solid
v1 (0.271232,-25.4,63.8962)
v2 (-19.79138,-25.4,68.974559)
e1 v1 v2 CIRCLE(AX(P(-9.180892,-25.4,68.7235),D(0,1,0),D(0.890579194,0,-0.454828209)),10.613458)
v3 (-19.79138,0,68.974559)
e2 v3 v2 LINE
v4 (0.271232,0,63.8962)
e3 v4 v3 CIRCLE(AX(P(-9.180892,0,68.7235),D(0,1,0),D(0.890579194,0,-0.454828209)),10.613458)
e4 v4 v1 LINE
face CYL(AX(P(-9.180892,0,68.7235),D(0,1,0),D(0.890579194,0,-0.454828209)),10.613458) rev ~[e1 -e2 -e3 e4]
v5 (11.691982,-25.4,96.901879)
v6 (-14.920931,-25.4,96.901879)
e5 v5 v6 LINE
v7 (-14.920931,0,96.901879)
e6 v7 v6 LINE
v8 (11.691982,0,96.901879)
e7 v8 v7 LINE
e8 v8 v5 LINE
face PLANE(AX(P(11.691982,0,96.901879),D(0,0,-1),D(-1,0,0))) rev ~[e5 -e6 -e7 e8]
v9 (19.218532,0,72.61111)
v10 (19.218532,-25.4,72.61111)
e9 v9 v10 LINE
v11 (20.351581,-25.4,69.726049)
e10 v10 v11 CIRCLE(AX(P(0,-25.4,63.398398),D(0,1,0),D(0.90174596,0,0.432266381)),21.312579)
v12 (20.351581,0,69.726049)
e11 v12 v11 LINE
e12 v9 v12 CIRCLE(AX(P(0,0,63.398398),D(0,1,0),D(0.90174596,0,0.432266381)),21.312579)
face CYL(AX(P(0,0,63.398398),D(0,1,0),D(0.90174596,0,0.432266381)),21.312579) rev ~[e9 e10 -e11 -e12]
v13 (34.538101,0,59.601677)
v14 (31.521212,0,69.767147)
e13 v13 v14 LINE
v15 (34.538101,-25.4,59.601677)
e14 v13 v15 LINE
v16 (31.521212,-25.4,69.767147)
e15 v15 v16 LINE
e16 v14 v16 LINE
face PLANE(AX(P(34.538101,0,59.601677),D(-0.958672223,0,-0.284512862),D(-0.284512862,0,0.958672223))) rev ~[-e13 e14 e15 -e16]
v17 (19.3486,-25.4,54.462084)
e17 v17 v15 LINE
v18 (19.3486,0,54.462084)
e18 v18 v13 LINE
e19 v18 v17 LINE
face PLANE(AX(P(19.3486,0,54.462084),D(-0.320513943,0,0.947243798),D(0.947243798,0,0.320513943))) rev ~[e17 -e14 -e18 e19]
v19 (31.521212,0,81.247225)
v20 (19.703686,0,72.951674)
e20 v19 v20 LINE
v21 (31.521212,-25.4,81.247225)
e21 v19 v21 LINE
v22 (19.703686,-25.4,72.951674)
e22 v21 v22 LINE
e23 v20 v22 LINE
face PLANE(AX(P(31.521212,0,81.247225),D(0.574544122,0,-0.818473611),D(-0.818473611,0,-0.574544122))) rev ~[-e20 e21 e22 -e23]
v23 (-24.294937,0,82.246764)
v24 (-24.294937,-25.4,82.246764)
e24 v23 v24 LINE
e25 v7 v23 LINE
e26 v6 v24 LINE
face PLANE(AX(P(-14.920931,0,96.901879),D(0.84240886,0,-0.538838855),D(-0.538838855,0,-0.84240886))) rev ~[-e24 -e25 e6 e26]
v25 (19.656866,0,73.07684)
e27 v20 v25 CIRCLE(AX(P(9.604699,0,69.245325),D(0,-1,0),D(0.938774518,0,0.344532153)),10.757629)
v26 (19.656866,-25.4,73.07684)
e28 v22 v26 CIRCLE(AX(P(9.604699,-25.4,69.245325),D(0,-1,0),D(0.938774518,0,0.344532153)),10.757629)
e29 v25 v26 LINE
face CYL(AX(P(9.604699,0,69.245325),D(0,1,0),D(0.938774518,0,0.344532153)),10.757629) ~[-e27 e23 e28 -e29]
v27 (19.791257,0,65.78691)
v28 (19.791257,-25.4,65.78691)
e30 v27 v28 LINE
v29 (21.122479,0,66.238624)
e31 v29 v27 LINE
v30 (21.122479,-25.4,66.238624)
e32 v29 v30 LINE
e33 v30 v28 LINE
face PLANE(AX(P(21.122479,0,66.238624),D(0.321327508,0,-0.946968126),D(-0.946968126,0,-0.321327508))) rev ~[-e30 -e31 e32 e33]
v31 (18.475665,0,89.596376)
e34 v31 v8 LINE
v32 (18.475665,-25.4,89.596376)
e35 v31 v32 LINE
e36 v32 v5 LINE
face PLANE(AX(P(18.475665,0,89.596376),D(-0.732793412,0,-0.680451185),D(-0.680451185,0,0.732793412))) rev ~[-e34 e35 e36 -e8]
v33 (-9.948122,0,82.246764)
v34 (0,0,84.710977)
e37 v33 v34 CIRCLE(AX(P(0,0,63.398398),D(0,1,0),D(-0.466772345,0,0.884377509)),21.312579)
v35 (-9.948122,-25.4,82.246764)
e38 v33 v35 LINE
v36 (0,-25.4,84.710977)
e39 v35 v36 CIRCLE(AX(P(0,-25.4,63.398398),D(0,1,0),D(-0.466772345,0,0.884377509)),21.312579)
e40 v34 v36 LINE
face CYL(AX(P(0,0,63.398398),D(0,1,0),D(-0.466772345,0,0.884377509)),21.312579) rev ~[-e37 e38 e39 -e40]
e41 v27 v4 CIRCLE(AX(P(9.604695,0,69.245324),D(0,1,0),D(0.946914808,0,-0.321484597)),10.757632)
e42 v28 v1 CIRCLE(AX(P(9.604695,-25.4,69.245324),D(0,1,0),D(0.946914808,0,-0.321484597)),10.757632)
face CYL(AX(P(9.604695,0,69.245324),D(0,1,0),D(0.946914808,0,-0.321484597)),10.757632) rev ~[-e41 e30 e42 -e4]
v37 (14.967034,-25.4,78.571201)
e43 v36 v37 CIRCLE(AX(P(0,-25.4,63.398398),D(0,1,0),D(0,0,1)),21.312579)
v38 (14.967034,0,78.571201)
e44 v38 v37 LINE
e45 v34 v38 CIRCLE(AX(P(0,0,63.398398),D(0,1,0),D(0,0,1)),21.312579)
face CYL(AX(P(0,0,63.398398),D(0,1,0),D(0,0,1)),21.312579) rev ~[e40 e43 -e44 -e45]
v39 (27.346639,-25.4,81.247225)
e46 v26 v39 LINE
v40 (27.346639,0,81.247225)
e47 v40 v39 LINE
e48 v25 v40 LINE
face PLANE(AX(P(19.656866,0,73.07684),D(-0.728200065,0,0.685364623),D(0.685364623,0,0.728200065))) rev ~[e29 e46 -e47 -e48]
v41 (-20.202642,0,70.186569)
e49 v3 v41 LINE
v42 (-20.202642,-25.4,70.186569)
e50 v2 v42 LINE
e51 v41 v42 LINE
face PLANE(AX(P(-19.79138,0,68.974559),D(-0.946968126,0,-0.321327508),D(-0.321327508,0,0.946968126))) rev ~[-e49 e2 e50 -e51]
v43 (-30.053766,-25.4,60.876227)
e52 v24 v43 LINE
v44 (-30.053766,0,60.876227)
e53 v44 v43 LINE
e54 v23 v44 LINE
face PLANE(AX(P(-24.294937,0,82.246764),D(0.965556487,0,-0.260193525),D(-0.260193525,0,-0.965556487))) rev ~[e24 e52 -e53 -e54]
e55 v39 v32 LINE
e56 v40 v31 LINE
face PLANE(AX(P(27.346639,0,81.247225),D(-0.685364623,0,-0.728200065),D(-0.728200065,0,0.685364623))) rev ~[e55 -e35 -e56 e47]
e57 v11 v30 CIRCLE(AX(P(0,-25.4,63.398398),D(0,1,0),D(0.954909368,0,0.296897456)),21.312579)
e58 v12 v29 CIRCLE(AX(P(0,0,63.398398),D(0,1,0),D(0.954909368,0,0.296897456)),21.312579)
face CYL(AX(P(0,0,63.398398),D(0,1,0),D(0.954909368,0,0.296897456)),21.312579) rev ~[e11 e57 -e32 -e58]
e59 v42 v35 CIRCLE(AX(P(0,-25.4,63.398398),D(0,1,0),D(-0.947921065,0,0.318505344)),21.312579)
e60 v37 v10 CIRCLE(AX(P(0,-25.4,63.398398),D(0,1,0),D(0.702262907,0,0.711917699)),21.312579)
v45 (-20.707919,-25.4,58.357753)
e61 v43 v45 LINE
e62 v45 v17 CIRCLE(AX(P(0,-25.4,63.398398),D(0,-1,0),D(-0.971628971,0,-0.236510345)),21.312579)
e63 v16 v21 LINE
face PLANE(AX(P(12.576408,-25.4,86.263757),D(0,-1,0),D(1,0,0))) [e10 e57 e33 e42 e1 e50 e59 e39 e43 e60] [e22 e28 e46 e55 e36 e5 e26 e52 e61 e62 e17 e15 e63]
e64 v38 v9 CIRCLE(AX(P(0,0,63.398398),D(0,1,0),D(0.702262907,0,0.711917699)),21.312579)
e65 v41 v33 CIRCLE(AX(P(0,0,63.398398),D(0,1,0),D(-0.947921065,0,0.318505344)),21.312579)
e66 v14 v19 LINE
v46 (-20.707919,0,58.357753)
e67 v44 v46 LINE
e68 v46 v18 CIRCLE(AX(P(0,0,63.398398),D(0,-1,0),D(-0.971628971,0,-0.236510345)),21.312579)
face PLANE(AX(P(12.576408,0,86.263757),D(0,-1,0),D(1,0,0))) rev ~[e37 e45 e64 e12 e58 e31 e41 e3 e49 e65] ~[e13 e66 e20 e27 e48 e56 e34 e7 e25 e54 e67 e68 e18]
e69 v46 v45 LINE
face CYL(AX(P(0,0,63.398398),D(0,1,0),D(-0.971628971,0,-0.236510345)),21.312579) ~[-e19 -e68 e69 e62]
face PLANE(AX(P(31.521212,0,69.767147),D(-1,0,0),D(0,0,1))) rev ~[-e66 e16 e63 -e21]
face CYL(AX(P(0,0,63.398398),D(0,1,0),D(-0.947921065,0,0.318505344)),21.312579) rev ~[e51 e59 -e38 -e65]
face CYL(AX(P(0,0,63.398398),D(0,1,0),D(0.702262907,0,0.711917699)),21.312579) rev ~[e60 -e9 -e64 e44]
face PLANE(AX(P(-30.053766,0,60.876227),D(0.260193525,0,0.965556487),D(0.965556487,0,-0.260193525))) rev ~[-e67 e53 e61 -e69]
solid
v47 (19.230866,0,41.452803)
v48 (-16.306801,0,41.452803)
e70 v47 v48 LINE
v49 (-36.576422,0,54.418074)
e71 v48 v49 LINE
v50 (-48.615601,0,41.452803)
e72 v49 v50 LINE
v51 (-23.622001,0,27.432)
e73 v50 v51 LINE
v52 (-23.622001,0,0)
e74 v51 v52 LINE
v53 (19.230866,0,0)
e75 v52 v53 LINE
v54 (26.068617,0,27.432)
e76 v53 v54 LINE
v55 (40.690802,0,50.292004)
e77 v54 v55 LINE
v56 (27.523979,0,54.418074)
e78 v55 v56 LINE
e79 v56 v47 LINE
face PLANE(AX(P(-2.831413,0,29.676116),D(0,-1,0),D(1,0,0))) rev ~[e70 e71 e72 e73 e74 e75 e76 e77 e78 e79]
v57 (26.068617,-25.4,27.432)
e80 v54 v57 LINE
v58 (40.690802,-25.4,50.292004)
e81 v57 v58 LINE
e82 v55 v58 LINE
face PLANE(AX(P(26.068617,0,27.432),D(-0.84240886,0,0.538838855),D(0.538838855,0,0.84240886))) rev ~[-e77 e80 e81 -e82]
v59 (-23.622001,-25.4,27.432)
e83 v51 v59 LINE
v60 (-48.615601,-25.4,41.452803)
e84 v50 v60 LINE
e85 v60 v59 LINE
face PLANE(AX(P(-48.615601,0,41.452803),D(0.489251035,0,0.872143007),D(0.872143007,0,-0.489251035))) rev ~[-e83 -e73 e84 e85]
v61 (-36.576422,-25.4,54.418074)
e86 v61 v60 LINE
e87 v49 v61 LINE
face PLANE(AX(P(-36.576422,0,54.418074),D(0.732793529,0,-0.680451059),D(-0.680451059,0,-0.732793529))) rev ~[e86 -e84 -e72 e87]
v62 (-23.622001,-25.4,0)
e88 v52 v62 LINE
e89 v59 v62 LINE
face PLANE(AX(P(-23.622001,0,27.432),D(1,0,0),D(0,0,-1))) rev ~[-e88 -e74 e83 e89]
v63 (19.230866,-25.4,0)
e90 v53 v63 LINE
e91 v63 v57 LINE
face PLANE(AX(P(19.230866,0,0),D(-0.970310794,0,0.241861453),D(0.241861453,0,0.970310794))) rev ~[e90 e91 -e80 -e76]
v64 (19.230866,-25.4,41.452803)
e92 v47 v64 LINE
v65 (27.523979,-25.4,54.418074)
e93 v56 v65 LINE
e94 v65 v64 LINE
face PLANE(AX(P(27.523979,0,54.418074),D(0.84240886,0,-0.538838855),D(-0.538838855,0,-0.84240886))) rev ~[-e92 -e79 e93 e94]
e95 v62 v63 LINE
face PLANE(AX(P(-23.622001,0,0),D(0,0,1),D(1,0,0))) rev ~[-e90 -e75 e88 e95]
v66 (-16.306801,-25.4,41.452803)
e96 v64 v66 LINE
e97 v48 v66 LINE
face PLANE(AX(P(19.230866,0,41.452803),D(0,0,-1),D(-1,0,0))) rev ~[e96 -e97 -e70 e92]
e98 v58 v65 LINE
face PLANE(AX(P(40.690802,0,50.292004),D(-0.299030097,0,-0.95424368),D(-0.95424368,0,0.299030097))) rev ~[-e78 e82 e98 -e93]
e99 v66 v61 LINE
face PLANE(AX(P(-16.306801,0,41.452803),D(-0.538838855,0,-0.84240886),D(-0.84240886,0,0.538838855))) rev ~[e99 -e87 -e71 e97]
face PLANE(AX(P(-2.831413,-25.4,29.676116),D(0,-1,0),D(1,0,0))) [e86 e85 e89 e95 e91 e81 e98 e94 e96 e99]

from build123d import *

# Parameters (mm, degrees)
F1_DEPTH = 25.4


with BuildPart() as f1:
    # F0 (on Front) → F1 (new body)
    with BuildSketch(Plane.XZ):
        Polygon((-23.62200059, 0), (0, 0), (19.2308662238, 0), (26.0686170509, 27.4320002645), (40.6908020377, 50.2920038998), (27.5239792833, 54.4180739722), (19.2308662238, 41.4528027177), (-16.3068007678, 41.4528027177), (-36.576421777, 54.4180739722), (-48.6156009138, 41.4528027177), (-23.62200059, 27.4320002645), align=None)
    extrude(amount=F1_DEPTH)


with BuildPart() as f1b:
    # F0 (on Front) → F1, piece 2 (new body)
    with BuildSketch(Plane.XZ):
        with BuildLine():
            Line((0, 96.9018787146), (0, 84.7109772533))
            ThreePointArc((0, 84.7109772533), (8.0887105139, 83.1163795191), (14.9670335302, 78.5712005131))
            ThreePointArc((14.9670335302, 78.5712005131), (17.7869181467, 76.2294399221), (19.6568659528, 73.0768398653))
            Line((19.6568659528, 73.0768398653), (27.3466389626, 81.2472254038))
            Line((27.3466389626, 81.2472254038), (18.4756647795, 89.596375823))
            Line((18.4756647795, 89.596375823), (11.6919819266, 96.9018787146))
            Line((11.6919819266, 96.9018787146), (0, 96.9018787146))
        make_face()
        with BuildLine():
            ThreePointArc((-9.948122377, 82.2467638002), (-5.1243898849, 84.0857531273), (0, 84.7109772533))
            Line((0, 84.7109772533), (0, 96.9018787146))
            Line((0, 96.9018787146), (-14.9209313095, 96.9018787146))
            Line((-14.9209313095, 96.9018787146), (-9.948122377, 82.2467638002))
        make_face()
        Polygon((-13.8192764801, 80.2035778761), (-9.948122377, 82.2467638002), (-14.9209313095, 96.9018787146), align=None)
        with BuildLine():
            ThreePointArc((-20.2026423914, 70.1865687035), (-16.236663157, 77.2040778842), (-9.948122377, 82.2467638002))
            Line((-9.948122377, 82.2467638002), (-13.8192764801, 80.2035778761))
            Line((-13.8192764801, 80.2035778761), (-14.9209313095, 96.9018787146))
            Line((-14.9209313095, 96.9018787146), (-24.2949368739, 82.2467638002))
            Line((-24.2949368739, 82.2467638002), (-20.2026423914, 70.1865687035))
        make_face()
        with BuildLine():
            ThreePointArc((19.6568659528, 73.0768398653), (17.7869181467, 76.2294399221), (14.9670335302, 78.5712005131))
            ThreePointArc((14.9670335302, 78.5712005131), (17.3506164183, 75.7750751038), (19.2185318233, 72.6111097549))
            Line((19.2185318233, 72.6111097549), (19.6568659528, 73.0768398653))
        make_face()
        with BuildLine():
            Line((-19.7913802799, 68.9745588341), (-20.2026423914, 70.1865687035))
            ThreePointArc((-20.2026423914, 70.1865687035), (-21.2931615301, 64.3079516005), (-20.7079189977, 58.3577530985))
            ThreePointArc((-20.7079189977, 58.3577530985), (-2.0630065867, 42.1859017014), (19.3485995426, 54.4620843079))
            ThreePointArc((19.3485995426, 54.4620843079), (20.8157940898, 58.8236054279), (21.3125787944, 63.398398459))
            ThreePointArc((21.3125787944, 63.398398459), (21.265000821, 64.8216886427), (21.1224793262, 66.2386241509))
            Line((21.1224793262, 66.2386241509), (19.7912565965, 65.7869104441))
            ThreePointArc((19.7912565965, 65.7869104441), (10.6418263873, 58.5378022501), (0.2712324419, 63.8961997703))
            ThreePointArc((0.2712324419, 63.8961997703), (-11.7852893274, 58.434544405), (-19.7913802799, 68.9745588341))
        make_face()
        with BuildLine():
            ThreePointArc((-20.7079189977, 58.3577530985), (-21.2931615301, 64.3079516005), (-20.2026423914, 70.1865687035))
            Line((-20.2026423914, 70.1865687035), (-24.2949368739, 82.2467638002))
            Line((-24.2949368739, 82.2467638002), (-30.0537664443, 60.8762271827))
            Line((-30.0537664443, 60.8762271827), (-20.7079189977, 58.3577530985))
        make_face()
        with BuildLine():
            Line((19.703686339, 72.9516737897), (19.2185318233, 72.6111097549))
            ThreePointArc((19.2185318233, 72.6111097549), (19.8375742983, 71.1892046318), (20.3515811404, 69.7260488878))
            ThreePointArc((20.3515811404, 69.7260488878), (20.1516763709, 71.3637763795), (19.703686339, 72.9516737897))
        make_face()
        with BuildLine():
            Line((19.6568659528, 73.0768398653), (19.2185318233, 72.6111097549))
            Line((19.2185318233, 72.6111097549), (19.703686339, 72.9516737897))
            ThreePointArc((19.703686339, 72.9516737897), (19.6804705069, 73.0143295314), (19.6568659528, 73.0768398653))
        make_face()
        with BuildLine():
            ThreePointArc((19.703686339, 72.9516737897), (20.1516763709, 71.3637763795), (20.3515811404, 69.7260488878))
            ThreePointArc((20.3515811404, 69.7260488878), (20.8102127745, 67.998513582), (21.1224793262, 66.2386241509))
            Line((21.1224793262, 66.2386241509), (31.5212123096, 69.7671473026))
            Line((31.5212123096, 69.7671473026), (31.5212123096, 81.2472254038))
            Line((31.5212123096, 81.2472254038), (19.703686339, 72.9516737897))
        make_face()
        with BuildLine():
            ThreePointArc((21.3125787944, 63.398398459), (20.8157940898, 58.8236054279), (19.3485995426, 54.4620843079))
            Line((19.3485995426, 54.4620843079), (34.5381007645, 59.6016766094))
            Line((34.5381007645, 59.6016766094), (31.5212123096, 69.7671473026))
            Line((31.5212123096, 69.7671473026), (21.1224793262, 66.2386241509))
            ThreePointArc((21.1224793262, 66.2386241509), (21.265000821, 64.8216886427), (21.3125787944, 63.398398459))
        make_face()
    extrude(amount=F1_DEPTH)


solid = Compound([f1.part, f1b.part])
